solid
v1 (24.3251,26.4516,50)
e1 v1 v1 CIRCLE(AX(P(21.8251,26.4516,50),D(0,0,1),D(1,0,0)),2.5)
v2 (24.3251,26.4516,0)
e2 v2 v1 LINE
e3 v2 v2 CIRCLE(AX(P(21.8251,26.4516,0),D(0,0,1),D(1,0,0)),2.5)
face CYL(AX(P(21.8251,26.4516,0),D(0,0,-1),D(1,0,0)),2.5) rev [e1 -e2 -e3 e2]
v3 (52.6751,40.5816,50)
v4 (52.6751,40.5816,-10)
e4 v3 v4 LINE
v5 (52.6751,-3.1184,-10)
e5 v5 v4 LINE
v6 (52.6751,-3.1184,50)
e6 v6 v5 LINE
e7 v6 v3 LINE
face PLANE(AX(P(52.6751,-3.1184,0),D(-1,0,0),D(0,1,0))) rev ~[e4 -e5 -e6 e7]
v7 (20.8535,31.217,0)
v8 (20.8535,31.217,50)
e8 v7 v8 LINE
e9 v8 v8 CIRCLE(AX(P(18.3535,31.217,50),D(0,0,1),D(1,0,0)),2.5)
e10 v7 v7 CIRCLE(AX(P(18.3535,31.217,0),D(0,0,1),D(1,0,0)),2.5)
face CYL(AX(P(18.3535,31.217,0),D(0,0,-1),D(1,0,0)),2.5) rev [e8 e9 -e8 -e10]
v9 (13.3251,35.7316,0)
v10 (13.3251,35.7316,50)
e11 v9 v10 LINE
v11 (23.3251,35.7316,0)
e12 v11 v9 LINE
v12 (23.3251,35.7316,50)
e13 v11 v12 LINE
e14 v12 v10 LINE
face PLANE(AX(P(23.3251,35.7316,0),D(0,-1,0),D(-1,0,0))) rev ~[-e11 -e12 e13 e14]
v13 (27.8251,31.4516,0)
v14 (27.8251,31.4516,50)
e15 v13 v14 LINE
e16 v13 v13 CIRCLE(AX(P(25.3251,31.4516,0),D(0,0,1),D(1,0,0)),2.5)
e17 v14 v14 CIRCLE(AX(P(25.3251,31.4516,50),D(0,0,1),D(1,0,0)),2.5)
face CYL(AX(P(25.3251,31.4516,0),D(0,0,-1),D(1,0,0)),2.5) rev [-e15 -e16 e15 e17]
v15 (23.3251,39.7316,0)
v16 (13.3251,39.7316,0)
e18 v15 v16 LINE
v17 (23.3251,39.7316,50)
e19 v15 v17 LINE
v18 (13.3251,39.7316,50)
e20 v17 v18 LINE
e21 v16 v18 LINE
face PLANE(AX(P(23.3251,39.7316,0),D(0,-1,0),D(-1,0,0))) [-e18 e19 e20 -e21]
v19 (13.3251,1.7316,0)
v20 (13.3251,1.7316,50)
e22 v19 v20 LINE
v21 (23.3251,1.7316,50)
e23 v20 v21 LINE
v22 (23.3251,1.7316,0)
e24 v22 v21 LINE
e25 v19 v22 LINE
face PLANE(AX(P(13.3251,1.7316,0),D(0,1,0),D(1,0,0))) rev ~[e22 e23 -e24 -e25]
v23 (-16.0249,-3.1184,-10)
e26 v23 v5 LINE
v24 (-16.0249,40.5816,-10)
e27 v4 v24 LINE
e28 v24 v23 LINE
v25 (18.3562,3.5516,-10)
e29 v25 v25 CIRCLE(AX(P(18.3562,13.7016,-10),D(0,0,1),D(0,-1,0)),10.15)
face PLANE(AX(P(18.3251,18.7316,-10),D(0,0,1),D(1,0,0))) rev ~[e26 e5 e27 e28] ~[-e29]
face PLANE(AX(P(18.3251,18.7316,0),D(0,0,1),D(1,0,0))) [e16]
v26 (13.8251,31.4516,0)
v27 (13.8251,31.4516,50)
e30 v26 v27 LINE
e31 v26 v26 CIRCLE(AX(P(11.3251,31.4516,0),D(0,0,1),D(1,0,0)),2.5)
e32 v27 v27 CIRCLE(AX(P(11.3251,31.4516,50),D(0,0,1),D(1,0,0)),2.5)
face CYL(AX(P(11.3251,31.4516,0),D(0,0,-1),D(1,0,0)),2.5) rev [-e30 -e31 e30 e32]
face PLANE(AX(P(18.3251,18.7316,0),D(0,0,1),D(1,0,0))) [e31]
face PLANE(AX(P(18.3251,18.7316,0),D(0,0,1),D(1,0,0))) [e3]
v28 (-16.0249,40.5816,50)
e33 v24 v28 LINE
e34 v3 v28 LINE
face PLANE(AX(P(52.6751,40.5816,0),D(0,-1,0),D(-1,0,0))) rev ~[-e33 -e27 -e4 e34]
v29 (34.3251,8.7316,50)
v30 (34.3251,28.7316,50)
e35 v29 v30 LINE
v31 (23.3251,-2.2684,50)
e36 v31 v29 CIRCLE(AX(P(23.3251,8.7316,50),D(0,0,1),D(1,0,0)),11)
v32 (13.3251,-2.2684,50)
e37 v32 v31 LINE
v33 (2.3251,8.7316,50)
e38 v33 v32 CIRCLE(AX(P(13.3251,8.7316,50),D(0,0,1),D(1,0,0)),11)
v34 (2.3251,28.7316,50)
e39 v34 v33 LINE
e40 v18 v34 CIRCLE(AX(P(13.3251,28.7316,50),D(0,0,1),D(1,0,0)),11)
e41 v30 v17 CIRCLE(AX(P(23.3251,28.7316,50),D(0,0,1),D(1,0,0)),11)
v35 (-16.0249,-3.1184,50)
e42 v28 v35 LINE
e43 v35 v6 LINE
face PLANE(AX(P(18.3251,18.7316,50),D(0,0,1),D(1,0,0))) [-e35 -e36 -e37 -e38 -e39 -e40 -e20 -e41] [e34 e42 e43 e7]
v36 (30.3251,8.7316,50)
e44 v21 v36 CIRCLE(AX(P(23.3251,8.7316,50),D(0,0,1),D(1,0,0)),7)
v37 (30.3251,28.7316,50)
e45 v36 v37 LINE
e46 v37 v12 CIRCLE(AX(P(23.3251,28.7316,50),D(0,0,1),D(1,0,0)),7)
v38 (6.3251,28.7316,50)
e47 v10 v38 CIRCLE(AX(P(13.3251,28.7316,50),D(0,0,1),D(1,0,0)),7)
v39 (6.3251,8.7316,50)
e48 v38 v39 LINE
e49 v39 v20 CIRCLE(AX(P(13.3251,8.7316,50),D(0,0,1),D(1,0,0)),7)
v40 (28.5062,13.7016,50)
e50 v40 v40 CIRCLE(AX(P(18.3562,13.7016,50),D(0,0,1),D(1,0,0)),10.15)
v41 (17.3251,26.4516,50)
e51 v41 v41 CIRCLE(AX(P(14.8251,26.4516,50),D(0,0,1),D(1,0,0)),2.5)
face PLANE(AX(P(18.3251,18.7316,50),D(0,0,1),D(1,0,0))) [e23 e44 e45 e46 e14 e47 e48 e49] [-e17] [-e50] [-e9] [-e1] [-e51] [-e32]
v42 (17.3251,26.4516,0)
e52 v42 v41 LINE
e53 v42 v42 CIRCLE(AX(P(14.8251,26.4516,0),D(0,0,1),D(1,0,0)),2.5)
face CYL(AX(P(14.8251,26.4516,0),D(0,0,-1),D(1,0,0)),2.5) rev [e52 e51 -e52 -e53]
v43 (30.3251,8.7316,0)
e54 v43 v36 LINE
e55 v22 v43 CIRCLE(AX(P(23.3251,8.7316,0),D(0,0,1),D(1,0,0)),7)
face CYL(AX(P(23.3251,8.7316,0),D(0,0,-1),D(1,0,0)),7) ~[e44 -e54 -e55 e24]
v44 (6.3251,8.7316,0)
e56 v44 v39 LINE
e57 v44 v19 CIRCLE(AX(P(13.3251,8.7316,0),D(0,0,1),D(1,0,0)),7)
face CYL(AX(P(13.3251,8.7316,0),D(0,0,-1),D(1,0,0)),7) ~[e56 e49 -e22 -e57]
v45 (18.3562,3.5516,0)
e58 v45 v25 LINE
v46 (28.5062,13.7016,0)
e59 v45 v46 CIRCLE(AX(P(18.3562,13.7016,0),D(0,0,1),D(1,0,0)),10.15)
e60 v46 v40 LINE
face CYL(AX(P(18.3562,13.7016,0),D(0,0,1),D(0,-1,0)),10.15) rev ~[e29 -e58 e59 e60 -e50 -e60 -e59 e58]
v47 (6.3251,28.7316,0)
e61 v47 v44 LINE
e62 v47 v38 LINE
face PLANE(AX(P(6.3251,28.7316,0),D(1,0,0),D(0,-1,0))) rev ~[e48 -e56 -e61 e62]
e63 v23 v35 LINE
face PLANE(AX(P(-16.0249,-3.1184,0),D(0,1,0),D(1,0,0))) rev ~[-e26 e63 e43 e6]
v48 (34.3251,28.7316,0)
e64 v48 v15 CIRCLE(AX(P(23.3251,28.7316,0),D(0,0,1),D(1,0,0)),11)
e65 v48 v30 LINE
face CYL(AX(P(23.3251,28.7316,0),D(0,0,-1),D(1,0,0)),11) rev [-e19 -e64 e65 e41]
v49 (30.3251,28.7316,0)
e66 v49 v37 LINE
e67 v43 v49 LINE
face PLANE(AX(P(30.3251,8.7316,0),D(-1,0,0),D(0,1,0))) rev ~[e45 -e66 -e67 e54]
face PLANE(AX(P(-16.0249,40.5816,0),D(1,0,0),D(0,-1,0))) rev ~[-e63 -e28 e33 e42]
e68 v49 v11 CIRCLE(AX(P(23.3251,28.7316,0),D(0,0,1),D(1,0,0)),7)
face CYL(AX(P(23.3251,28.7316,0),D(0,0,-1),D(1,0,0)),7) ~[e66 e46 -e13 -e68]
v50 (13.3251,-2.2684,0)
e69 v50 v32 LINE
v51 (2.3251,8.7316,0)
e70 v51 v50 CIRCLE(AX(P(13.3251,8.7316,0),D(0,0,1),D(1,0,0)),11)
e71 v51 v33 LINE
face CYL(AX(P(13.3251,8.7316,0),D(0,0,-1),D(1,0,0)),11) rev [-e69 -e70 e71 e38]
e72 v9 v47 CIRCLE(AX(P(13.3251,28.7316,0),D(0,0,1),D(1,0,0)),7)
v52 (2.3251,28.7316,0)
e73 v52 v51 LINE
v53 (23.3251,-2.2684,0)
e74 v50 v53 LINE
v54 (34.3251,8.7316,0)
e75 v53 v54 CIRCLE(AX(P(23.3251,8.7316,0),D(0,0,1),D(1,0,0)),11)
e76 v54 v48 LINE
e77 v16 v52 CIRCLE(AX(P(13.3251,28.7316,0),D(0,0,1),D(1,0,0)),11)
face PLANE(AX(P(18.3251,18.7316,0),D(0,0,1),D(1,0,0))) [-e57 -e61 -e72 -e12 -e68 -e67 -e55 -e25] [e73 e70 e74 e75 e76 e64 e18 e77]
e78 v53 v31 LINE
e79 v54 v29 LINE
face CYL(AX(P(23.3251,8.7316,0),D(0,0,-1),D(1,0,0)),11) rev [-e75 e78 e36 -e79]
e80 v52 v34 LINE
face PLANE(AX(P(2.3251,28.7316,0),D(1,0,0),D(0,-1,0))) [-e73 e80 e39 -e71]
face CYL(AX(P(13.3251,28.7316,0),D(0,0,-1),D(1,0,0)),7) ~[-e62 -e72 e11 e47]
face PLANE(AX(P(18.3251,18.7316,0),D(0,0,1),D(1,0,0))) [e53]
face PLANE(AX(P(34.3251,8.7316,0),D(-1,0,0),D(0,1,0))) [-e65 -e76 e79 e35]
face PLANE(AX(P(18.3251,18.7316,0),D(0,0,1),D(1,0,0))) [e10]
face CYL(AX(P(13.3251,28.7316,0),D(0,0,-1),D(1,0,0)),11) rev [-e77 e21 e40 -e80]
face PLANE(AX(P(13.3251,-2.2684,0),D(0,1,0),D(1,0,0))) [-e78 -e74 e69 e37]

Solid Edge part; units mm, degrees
sketch "Sketch1" plane through (0, 0, 0) normal (0, 0, 1) x (1, 0, 0)
  line L0 (30.3251, 8.7316) -> (30.3251, 28.7316)
  arc A0 (30.3251, 28.7316) -> (23.3251, 35.7316) centre (23.3251, 28.7316) ccw
  line L1 (23.3251, 35.7316) -> (13.3251, 35.7316)
  arc A1 (13.3251, 35.7316) -> (6.3251, 28.7316) centre (13.3251, 28.7316) ccw
  line L2 (6.3251, 28.7316) -> (6.3251, 8.7316)
  arc A2 (6.3251, 8.7316) -> (13.3251, 1.7316) centre (13.3251, 8.7316) ccw
  line L3 (13.3251, 1.7316) -> (23.3251, 1.7316)
  arc A3 (23.3251, 1.7316) -> (30.3251, 8.7316) centre (23.3251, 8.7316) ccw
  line L4 (52.6751, 40.5816) -> (-16.0249, 40.5816)
  line L5 (-16.0249, 40.5816) -> (-16.0249, -3.1184)
  line L6 (-16.0249, -3.1184) -> (52.6751, -3.1184)
  line L7 (52.6751, -3.1184) -> (52.6751, 40.5816)
  circle A4 centre (14.8251, 26.4516) radius 2.5
  circle A5 centre (25.3251, 31.4516) radius 2.5
  circle A6 centre (21.8251, 26.4516) radius 2.5
  circle A7 centre (18.3562, 13.7016) radius 10.15
  line L8 (18.3251, 23.8516) -> (18.3251, 23.8515) construction
  line L9 (18.3562, 23.8516) -> (18.3251, 23.8516) construction
  circle A8 centre (18.3535, 31.217) radius 2.5
  circle A9 centre (11.3251, 31.4516) radius 2.5
  line L10 (23.3251, 39.7316) -> (13.3251, 39.7316)
  arc A10 (13.3251, 39.7316) -> (2.3251, 28.7316) centre (13.3251, 28.7316) ccw
  line L11 (2.3251, 28.7316) -> (2.3251, 8.7316)
  arc A11 (2.3251, 8.7316) -> (13.3251, -2.2684) centre (13.3251, 8.7316) ccw
  line L12 (13.3251, -2.2684) -> (23.3251, -2.2684)
  arc A12 (23.3251, -2.2684) -> (34.3251, 8.7316) centre (23.3251, 8.7316) ccw
  line L13 (34.3251, 8.7316) -> (34.3251, 28.7316)
  arc A13 (34.3251, 28.7316) -> (23.3251, 39.7316) centre (23.3251, 28.7316) ccw
  dimension "D1" = 40
  dimension "D2" = 30
  dimension "D3" = 2
  dimension "D4" = 3.5
  dimension "D5" = 3.5
  dimension "D6" = 7
  dimension "D7" = 7
extrude "Protrusion1" add sketch "Sketch1" along normal blind 50
sketch "Sketch2" plane through (0, 0, 0) normal (0, 0, 1) x (1, 0, 0)
  line L0 (52.6751, 40.5816) -> (-16.0249, 40.5816)
  line L1 (-16.0249, 40.5816) -> (-16.0249, -3.1184)
  line L2 (-16.0249, -3.1184) -> (52.6751, -3.1184)
  line L3 (52.6751, -3.1184) -> (52.6751, 40.5816)
extrude "Protrusion2" add sketch "Sketch2" against normal blind 10
sketch "Sketch3" plane through (18.3562, 13.7016, 0) normal (0, 0, 1) x (0, -1, 0)
  circle A0 centre (0, 0) radius 10.15
extrude "Cutout1" cut sketch "Sketch3" against normal blind 780
